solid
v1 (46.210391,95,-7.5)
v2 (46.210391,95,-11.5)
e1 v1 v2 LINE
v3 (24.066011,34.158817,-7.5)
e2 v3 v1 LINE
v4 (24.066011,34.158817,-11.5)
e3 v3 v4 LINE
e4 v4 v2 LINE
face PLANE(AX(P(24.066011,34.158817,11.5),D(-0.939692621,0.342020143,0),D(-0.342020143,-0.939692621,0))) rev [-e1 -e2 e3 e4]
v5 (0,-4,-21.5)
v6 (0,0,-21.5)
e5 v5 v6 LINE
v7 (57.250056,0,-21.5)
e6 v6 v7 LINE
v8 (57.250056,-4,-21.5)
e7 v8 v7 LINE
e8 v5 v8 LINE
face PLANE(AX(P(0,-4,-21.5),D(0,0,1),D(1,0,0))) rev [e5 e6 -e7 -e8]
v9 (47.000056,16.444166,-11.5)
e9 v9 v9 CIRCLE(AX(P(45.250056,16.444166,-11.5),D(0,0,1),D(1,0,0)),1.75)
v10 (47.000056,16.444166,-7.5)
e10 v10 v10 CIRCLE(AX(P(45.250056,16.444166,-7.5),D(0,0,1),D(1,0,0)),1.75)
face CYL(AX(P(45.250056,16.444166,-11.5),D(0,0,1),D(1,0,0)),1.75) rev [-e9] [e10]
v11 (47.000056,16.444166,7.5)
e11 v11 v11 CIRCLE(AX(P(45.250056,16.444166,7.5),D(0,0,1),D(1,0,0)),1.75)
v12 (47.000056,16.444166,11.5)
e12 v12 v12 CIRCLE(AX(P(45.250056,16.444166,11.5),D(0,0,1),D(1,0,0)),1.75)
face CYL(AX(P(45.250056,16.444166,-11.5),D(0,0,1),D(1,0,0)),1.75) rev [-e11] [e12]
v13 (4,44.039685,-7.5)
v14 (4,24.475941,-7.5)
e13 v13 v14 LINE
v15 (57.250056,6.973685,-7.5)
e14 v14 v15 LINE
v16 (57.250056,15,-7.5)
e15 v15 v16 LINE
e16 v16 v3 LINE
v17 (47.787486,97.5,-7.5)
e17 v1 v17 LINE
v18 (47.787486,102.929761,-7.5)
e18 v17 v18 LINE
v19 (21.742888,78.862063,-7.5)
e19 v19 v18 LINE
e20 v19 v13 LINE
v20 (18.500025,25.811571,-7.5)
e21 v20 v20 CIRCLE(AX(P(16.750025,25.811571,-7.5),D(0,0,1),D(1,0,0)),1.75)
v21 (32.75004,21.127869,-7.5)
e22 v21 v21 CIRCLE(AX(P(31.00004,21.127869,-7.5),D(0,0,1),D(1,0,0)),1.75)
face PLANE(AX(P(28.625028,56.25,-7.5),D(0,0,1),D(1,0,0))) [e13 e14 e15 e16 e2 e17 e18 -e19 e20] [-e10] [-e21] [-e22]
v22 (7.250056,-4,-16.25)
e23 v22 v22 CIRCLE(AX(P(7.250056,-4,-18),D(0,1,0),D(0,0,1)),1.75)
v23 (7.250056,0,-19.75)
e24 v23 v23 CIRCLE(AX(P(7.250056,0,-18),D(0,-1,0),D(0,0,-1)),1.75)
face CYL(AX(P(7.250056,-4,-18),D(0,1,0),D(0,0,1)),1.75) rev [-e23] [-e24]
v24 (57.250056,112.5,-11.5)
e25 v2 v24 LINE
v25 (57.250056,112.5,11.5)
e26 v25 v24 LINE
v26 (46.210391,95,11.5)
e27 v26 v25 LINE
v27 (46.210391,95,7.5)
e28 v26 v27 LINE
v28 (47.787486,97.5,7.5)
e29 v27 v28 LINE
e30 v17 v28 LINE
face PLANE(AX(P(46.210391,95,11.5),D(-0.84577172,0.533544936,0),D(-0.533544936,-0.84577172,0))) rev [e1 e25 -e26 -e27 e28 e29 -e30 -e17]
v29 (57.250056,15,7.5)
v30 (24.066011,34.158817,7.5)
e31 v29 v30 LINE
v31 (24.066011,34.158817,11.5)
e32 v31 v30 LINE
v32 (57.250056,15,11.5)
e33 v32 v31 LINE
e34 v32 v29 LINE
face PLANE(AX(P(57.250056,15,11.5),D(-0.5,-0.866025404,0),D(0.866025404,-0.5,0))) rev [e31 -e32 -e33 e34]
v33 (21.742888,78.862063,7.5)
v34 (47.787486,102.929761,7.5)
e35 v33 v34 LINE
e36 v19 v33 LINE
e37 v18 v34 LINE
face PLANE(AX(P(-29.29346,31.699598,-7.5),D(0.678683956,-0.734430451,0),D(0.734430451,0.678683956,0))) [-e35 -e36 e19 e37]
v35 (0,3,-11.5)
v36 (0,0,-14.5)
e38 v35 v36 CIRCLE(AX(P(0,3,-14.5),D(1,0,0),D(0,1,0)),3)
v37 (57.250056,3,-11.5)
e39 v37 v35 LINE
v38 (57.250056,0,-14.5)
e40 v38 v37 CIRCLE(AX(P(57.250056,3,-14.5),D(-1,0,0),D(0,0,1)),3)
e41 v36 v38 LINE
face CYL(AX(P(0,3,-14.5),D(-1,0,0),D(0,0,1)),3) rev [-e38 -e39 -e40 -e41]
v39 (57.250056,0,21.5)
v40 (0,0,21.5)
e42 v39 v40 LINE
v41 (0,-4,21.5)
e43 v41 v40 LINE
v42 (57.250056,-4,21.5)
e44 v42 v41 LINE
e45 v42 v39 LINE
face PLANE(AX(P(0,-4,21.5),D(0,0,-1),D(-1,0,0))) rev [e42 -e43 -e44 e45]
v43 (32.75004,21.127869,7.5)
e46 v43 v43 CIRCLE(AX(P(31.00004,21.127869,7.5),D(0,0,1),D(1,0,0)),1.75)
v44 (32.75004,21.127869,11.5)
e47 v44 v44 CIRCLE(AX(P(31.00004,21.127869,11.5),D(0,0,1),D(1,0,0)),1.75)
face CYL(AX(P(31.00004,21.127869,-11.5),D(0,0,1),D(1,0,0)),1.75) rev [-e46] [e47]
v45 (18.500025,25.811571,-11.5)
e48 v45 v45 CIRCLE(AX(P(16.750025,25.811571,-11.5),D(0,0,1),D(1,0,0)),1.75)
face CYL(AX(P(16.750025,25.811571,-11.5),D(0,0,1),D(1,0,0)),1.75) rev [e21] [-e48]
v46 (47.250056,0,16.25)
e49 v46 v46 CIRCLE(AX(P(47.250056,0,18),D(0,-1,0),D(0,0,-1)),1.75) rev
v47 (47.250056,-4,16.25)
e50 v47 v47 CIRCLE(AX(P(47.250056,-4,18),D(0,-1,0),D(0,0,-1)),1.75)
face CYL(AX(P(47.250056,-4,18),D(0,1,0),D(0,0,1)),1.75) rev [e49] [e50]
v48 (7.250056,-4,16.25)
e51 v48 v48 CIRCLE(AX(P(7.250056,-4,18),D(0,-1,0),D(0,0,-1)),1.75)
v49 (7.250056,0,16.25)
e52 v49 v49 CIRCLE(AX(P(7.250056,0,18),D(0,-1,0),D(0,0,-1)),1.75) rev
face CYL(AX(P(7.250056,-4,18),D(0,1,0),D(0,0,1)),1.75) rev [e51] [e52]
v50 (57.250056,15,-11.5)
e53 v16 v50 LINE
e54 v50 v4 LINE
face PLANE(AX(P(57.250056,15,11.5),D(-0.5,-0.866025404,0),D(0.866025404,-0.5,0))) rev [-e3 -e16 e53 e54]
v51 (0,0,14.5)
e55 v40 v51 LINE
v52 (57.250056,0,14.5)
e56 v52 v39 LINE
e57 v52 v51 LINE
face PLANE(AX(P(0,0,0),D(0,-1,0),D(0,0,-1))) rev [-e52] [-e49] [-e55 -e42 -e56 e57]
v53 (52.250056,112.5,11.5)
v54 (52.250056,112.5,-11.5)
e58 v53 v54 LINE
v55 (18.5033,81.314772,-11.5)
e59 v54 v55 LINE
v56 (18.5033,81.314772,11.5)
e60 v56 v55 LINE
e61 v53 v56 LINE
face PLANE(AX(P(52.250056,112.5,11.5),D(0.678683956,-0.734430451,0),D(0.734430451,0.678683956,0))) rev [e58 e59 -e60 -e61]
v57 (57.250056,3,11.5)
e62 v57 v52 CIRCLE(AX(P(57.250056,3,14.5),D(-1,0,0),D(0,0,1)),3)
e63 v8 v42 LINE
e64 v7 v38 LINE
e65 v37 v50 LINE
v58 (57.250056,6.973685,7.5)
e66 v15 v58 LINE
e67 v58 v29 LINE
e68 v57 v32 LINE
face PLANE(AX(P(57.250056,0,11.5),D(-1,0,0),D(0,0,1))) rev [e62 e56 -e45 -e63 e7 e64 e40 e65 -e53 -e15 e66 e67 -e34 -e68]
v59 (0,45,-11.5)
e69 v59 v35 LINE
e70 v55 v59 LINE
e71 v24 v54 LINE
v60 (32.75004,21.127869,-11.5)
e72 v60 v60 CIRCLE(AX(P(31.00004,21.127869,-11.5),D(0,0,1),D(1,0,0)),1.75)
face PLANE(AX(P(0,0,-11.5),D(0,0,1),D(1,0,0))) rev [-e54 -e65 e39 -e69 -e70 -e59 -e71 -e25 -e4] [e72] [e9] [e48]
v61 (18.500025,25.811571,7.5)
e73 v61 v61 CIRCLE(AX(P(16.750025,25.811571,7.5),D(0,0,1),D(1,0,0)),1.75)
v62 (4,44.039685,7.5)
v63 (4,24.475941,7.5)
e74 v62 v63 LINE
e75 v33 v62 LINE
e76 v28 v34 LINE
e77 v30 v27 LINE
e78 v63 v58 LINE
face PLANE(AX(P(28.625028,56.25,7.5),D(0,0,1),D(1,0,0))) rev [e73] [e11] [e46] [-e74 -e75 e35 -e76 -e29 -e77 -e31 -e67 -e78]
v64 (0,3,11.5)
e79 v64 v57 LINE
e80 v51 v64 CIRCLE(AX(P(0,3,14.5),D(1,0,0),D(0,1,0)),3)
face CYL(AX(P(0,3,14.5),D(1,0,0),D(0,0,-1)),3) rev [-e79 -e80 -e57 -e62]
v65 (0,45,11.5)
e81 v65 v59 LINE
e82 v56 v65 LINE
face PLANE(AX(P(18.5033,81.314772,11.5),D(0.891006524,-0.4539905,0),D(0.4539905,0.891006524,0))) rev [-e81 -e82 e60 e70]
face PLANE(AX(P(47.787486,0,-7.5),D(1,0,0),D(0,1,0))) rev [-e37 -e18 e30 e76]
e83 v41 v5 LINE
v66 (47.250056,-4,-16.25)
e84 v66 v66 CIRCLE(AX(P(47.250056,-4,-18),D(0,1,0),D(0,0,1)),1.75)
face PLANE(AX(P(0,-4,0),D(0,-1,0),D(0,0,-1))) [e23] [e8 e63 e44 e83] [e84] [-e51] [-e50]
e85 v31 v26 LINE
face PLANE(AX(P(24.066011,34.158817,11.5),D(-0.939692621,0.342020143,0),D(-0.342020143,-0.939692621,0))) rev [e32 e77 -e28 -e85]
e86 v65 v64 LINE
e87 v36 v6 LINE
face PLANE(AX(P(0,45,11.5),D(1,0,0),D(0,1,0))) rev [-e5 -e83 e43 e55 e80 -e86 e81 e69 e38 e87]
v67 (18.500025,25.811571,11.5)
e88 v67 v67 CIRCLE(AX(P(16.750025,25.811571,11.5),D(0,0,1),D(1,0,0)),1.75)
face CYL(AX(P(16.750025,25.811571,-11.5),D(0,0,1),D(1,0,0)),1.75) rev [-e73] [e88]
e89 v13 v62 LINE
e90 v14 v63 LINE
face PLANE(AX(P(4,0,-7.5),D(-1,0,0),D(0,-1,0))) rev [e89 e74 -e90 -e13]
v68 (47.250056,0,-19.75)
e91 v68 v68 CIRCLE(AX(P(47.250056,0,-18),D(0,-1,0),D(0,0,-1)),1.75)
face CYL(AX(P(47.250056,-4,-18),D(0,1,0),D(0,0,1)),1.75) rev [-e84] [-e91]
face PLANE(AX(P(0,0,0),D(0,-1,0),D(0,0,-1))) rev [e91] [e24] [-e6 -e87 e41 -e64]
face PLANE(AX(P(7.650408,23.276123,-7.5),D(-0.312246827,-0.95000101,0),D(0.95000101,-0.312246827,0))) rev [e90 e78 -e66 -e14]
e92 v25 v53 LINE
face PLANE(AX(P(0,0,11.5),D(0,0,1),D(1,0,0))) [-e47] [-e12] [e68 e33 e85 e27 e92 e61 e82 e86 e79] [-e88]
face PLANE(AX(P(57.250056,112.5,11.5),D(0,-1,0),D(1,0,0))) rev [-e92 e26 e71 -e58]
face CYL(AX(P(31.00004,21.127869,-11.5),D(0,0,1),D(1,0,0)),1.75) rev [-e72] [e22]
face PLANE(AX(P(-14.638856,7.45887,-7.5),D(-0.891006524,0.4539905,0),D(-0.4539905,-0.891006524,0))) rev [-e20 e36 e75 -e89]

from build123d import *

# Parameters (mm, degrees)
BOSS_EXTRUDE1_DEPTH     = 11.5
SKETCH2_OUTSIDE_W       = 84.912
SKETCH2_OUTSIDE_H       = 140.162
CUT_EXTRUDE2_DEPTH      = 7.5
CUT_EXTRUDE3_DEPTH      = 129.307516771
CUT_EXTRUDE3_DEPTH_BACK = 129.307516771
SKETCH4_R               = 1.75
SKETCH5_W               = 57.250055546
SKETCH5_H               = 43
BOSS_EXTRUDE2_DEPTH     = 4
SKETCH6_R               = 1.75
CUT_EXTRUDE4_DEPTH      = 129.047135306
FILLET1_R               = 3


with BuildPart() as part:
    # Sketch1 → Boss-Extrude1 (new, symmetric)
    with BuildSketch(Plane.XY):
        Polygon((0, 0), (57.250055546, 0), (57.250055546, 15), (24.066011022, 34.158817039), (46.210390637, 95), (57.250055546, 112.5), (52.250055546, 112.5), (18.50330035, 81.314771653), (0, 45), align=None)
    extrude(amount=BOSS_EXTRUDE1_DEPTH, both=True)

    # Sketch2 outside → Cut-Extrude2 (cut, symmetric)
    with BuildSketch(Plane.XY):
        with Locations((28.625, 56.25)):
            Rectangle(SKETCH2_OUTSIDE_W, SKETCH2_OUTSIDE_H)
        Polygon((21.742887775, 78.862062909), (4, 44.039684964), (4, 24.475940791), (57.250055546, 6.97368477), (57.250055546, 0), (0, 0), (0, 45), (18.50330035, 81.314771653), (52.250055546, 112.5), (57.250055546, 112.5), (47.787485624, 97.5), (47.787485624, 102.92976146), align=None, mode=Mode.SUBTRACT)
    extrude(amount=CUT_EXTRUDE2_DEPTH, both=True, mode=Mode.SUBTRACT)

    # Sketch4 → Cut-Extrude3 (cut, two sides: drawn at the far end of the back side and taken through both)
    with BuildSketch(Plane.XY.offset(11.5).offset(-CUT_EXTRUDE3_DEPTH_BACK)):
        with Locations((45.250055546, 16.444166257)):
            Circle(SKETCH4_R)
        with Locations((31.000040397, 21.127868666)):
            Circle(SKETCH4_R)
        with Locations((16.750025248, 25.811571075)):
            Circle(SKETCH4_R)
    extrude(amount=CUT_EXTRUDE3_DEPTH + CUT_EXTRUDE3_DEPTH_BACK, mode=Mode.SUBTRACT)

    # Sketch5 → Boss-Extrude2 (add)
    with BuildSketch(Plane.XZ):
        with Locations((28.625027773, 0)):
            Rectangle(SKETCH5_W, SKETCH5_H)
    extrude(amount=BOSS_EXTRUDE2_DEPTH)

    # Sketch6 → Cut-Extrude4 (cut, symmetric)
    with BuildSketch(Plane(origin=(0, 0, 0), x_dir=(1, 0, 0), z_dir=(0, 1, 0))):
        with Locations(Location((7.250055546, 18, 0), (0, 0, 270))):
            Circle(SKETCH6_R)
        with Locations(Location((47.250055546, 18, 0), (0, 0, 270))):
            Circle(SKETCH6_R)
    cut_extrude4 = extrude(amount=CUT_EXTRUDE4_DEPTH, both=True, mode=Mode.SUBTRACT)

    # Mirror5: Cut-Extrude4 across plane
    add(cut_extrude4.mirror(Plane.XY), mode=Mode.SUBTRACT)

    # Fillet1
    fillet1_edges = [part.edges().sort_by_distance(p)[0] for p in [
        (28.625027773, 0, -11.5),
        (28.625027773, 0, 11.5),
    ]]
    fillet(fillet1_edges, radius=FILLET1_R)


solid = part.part
